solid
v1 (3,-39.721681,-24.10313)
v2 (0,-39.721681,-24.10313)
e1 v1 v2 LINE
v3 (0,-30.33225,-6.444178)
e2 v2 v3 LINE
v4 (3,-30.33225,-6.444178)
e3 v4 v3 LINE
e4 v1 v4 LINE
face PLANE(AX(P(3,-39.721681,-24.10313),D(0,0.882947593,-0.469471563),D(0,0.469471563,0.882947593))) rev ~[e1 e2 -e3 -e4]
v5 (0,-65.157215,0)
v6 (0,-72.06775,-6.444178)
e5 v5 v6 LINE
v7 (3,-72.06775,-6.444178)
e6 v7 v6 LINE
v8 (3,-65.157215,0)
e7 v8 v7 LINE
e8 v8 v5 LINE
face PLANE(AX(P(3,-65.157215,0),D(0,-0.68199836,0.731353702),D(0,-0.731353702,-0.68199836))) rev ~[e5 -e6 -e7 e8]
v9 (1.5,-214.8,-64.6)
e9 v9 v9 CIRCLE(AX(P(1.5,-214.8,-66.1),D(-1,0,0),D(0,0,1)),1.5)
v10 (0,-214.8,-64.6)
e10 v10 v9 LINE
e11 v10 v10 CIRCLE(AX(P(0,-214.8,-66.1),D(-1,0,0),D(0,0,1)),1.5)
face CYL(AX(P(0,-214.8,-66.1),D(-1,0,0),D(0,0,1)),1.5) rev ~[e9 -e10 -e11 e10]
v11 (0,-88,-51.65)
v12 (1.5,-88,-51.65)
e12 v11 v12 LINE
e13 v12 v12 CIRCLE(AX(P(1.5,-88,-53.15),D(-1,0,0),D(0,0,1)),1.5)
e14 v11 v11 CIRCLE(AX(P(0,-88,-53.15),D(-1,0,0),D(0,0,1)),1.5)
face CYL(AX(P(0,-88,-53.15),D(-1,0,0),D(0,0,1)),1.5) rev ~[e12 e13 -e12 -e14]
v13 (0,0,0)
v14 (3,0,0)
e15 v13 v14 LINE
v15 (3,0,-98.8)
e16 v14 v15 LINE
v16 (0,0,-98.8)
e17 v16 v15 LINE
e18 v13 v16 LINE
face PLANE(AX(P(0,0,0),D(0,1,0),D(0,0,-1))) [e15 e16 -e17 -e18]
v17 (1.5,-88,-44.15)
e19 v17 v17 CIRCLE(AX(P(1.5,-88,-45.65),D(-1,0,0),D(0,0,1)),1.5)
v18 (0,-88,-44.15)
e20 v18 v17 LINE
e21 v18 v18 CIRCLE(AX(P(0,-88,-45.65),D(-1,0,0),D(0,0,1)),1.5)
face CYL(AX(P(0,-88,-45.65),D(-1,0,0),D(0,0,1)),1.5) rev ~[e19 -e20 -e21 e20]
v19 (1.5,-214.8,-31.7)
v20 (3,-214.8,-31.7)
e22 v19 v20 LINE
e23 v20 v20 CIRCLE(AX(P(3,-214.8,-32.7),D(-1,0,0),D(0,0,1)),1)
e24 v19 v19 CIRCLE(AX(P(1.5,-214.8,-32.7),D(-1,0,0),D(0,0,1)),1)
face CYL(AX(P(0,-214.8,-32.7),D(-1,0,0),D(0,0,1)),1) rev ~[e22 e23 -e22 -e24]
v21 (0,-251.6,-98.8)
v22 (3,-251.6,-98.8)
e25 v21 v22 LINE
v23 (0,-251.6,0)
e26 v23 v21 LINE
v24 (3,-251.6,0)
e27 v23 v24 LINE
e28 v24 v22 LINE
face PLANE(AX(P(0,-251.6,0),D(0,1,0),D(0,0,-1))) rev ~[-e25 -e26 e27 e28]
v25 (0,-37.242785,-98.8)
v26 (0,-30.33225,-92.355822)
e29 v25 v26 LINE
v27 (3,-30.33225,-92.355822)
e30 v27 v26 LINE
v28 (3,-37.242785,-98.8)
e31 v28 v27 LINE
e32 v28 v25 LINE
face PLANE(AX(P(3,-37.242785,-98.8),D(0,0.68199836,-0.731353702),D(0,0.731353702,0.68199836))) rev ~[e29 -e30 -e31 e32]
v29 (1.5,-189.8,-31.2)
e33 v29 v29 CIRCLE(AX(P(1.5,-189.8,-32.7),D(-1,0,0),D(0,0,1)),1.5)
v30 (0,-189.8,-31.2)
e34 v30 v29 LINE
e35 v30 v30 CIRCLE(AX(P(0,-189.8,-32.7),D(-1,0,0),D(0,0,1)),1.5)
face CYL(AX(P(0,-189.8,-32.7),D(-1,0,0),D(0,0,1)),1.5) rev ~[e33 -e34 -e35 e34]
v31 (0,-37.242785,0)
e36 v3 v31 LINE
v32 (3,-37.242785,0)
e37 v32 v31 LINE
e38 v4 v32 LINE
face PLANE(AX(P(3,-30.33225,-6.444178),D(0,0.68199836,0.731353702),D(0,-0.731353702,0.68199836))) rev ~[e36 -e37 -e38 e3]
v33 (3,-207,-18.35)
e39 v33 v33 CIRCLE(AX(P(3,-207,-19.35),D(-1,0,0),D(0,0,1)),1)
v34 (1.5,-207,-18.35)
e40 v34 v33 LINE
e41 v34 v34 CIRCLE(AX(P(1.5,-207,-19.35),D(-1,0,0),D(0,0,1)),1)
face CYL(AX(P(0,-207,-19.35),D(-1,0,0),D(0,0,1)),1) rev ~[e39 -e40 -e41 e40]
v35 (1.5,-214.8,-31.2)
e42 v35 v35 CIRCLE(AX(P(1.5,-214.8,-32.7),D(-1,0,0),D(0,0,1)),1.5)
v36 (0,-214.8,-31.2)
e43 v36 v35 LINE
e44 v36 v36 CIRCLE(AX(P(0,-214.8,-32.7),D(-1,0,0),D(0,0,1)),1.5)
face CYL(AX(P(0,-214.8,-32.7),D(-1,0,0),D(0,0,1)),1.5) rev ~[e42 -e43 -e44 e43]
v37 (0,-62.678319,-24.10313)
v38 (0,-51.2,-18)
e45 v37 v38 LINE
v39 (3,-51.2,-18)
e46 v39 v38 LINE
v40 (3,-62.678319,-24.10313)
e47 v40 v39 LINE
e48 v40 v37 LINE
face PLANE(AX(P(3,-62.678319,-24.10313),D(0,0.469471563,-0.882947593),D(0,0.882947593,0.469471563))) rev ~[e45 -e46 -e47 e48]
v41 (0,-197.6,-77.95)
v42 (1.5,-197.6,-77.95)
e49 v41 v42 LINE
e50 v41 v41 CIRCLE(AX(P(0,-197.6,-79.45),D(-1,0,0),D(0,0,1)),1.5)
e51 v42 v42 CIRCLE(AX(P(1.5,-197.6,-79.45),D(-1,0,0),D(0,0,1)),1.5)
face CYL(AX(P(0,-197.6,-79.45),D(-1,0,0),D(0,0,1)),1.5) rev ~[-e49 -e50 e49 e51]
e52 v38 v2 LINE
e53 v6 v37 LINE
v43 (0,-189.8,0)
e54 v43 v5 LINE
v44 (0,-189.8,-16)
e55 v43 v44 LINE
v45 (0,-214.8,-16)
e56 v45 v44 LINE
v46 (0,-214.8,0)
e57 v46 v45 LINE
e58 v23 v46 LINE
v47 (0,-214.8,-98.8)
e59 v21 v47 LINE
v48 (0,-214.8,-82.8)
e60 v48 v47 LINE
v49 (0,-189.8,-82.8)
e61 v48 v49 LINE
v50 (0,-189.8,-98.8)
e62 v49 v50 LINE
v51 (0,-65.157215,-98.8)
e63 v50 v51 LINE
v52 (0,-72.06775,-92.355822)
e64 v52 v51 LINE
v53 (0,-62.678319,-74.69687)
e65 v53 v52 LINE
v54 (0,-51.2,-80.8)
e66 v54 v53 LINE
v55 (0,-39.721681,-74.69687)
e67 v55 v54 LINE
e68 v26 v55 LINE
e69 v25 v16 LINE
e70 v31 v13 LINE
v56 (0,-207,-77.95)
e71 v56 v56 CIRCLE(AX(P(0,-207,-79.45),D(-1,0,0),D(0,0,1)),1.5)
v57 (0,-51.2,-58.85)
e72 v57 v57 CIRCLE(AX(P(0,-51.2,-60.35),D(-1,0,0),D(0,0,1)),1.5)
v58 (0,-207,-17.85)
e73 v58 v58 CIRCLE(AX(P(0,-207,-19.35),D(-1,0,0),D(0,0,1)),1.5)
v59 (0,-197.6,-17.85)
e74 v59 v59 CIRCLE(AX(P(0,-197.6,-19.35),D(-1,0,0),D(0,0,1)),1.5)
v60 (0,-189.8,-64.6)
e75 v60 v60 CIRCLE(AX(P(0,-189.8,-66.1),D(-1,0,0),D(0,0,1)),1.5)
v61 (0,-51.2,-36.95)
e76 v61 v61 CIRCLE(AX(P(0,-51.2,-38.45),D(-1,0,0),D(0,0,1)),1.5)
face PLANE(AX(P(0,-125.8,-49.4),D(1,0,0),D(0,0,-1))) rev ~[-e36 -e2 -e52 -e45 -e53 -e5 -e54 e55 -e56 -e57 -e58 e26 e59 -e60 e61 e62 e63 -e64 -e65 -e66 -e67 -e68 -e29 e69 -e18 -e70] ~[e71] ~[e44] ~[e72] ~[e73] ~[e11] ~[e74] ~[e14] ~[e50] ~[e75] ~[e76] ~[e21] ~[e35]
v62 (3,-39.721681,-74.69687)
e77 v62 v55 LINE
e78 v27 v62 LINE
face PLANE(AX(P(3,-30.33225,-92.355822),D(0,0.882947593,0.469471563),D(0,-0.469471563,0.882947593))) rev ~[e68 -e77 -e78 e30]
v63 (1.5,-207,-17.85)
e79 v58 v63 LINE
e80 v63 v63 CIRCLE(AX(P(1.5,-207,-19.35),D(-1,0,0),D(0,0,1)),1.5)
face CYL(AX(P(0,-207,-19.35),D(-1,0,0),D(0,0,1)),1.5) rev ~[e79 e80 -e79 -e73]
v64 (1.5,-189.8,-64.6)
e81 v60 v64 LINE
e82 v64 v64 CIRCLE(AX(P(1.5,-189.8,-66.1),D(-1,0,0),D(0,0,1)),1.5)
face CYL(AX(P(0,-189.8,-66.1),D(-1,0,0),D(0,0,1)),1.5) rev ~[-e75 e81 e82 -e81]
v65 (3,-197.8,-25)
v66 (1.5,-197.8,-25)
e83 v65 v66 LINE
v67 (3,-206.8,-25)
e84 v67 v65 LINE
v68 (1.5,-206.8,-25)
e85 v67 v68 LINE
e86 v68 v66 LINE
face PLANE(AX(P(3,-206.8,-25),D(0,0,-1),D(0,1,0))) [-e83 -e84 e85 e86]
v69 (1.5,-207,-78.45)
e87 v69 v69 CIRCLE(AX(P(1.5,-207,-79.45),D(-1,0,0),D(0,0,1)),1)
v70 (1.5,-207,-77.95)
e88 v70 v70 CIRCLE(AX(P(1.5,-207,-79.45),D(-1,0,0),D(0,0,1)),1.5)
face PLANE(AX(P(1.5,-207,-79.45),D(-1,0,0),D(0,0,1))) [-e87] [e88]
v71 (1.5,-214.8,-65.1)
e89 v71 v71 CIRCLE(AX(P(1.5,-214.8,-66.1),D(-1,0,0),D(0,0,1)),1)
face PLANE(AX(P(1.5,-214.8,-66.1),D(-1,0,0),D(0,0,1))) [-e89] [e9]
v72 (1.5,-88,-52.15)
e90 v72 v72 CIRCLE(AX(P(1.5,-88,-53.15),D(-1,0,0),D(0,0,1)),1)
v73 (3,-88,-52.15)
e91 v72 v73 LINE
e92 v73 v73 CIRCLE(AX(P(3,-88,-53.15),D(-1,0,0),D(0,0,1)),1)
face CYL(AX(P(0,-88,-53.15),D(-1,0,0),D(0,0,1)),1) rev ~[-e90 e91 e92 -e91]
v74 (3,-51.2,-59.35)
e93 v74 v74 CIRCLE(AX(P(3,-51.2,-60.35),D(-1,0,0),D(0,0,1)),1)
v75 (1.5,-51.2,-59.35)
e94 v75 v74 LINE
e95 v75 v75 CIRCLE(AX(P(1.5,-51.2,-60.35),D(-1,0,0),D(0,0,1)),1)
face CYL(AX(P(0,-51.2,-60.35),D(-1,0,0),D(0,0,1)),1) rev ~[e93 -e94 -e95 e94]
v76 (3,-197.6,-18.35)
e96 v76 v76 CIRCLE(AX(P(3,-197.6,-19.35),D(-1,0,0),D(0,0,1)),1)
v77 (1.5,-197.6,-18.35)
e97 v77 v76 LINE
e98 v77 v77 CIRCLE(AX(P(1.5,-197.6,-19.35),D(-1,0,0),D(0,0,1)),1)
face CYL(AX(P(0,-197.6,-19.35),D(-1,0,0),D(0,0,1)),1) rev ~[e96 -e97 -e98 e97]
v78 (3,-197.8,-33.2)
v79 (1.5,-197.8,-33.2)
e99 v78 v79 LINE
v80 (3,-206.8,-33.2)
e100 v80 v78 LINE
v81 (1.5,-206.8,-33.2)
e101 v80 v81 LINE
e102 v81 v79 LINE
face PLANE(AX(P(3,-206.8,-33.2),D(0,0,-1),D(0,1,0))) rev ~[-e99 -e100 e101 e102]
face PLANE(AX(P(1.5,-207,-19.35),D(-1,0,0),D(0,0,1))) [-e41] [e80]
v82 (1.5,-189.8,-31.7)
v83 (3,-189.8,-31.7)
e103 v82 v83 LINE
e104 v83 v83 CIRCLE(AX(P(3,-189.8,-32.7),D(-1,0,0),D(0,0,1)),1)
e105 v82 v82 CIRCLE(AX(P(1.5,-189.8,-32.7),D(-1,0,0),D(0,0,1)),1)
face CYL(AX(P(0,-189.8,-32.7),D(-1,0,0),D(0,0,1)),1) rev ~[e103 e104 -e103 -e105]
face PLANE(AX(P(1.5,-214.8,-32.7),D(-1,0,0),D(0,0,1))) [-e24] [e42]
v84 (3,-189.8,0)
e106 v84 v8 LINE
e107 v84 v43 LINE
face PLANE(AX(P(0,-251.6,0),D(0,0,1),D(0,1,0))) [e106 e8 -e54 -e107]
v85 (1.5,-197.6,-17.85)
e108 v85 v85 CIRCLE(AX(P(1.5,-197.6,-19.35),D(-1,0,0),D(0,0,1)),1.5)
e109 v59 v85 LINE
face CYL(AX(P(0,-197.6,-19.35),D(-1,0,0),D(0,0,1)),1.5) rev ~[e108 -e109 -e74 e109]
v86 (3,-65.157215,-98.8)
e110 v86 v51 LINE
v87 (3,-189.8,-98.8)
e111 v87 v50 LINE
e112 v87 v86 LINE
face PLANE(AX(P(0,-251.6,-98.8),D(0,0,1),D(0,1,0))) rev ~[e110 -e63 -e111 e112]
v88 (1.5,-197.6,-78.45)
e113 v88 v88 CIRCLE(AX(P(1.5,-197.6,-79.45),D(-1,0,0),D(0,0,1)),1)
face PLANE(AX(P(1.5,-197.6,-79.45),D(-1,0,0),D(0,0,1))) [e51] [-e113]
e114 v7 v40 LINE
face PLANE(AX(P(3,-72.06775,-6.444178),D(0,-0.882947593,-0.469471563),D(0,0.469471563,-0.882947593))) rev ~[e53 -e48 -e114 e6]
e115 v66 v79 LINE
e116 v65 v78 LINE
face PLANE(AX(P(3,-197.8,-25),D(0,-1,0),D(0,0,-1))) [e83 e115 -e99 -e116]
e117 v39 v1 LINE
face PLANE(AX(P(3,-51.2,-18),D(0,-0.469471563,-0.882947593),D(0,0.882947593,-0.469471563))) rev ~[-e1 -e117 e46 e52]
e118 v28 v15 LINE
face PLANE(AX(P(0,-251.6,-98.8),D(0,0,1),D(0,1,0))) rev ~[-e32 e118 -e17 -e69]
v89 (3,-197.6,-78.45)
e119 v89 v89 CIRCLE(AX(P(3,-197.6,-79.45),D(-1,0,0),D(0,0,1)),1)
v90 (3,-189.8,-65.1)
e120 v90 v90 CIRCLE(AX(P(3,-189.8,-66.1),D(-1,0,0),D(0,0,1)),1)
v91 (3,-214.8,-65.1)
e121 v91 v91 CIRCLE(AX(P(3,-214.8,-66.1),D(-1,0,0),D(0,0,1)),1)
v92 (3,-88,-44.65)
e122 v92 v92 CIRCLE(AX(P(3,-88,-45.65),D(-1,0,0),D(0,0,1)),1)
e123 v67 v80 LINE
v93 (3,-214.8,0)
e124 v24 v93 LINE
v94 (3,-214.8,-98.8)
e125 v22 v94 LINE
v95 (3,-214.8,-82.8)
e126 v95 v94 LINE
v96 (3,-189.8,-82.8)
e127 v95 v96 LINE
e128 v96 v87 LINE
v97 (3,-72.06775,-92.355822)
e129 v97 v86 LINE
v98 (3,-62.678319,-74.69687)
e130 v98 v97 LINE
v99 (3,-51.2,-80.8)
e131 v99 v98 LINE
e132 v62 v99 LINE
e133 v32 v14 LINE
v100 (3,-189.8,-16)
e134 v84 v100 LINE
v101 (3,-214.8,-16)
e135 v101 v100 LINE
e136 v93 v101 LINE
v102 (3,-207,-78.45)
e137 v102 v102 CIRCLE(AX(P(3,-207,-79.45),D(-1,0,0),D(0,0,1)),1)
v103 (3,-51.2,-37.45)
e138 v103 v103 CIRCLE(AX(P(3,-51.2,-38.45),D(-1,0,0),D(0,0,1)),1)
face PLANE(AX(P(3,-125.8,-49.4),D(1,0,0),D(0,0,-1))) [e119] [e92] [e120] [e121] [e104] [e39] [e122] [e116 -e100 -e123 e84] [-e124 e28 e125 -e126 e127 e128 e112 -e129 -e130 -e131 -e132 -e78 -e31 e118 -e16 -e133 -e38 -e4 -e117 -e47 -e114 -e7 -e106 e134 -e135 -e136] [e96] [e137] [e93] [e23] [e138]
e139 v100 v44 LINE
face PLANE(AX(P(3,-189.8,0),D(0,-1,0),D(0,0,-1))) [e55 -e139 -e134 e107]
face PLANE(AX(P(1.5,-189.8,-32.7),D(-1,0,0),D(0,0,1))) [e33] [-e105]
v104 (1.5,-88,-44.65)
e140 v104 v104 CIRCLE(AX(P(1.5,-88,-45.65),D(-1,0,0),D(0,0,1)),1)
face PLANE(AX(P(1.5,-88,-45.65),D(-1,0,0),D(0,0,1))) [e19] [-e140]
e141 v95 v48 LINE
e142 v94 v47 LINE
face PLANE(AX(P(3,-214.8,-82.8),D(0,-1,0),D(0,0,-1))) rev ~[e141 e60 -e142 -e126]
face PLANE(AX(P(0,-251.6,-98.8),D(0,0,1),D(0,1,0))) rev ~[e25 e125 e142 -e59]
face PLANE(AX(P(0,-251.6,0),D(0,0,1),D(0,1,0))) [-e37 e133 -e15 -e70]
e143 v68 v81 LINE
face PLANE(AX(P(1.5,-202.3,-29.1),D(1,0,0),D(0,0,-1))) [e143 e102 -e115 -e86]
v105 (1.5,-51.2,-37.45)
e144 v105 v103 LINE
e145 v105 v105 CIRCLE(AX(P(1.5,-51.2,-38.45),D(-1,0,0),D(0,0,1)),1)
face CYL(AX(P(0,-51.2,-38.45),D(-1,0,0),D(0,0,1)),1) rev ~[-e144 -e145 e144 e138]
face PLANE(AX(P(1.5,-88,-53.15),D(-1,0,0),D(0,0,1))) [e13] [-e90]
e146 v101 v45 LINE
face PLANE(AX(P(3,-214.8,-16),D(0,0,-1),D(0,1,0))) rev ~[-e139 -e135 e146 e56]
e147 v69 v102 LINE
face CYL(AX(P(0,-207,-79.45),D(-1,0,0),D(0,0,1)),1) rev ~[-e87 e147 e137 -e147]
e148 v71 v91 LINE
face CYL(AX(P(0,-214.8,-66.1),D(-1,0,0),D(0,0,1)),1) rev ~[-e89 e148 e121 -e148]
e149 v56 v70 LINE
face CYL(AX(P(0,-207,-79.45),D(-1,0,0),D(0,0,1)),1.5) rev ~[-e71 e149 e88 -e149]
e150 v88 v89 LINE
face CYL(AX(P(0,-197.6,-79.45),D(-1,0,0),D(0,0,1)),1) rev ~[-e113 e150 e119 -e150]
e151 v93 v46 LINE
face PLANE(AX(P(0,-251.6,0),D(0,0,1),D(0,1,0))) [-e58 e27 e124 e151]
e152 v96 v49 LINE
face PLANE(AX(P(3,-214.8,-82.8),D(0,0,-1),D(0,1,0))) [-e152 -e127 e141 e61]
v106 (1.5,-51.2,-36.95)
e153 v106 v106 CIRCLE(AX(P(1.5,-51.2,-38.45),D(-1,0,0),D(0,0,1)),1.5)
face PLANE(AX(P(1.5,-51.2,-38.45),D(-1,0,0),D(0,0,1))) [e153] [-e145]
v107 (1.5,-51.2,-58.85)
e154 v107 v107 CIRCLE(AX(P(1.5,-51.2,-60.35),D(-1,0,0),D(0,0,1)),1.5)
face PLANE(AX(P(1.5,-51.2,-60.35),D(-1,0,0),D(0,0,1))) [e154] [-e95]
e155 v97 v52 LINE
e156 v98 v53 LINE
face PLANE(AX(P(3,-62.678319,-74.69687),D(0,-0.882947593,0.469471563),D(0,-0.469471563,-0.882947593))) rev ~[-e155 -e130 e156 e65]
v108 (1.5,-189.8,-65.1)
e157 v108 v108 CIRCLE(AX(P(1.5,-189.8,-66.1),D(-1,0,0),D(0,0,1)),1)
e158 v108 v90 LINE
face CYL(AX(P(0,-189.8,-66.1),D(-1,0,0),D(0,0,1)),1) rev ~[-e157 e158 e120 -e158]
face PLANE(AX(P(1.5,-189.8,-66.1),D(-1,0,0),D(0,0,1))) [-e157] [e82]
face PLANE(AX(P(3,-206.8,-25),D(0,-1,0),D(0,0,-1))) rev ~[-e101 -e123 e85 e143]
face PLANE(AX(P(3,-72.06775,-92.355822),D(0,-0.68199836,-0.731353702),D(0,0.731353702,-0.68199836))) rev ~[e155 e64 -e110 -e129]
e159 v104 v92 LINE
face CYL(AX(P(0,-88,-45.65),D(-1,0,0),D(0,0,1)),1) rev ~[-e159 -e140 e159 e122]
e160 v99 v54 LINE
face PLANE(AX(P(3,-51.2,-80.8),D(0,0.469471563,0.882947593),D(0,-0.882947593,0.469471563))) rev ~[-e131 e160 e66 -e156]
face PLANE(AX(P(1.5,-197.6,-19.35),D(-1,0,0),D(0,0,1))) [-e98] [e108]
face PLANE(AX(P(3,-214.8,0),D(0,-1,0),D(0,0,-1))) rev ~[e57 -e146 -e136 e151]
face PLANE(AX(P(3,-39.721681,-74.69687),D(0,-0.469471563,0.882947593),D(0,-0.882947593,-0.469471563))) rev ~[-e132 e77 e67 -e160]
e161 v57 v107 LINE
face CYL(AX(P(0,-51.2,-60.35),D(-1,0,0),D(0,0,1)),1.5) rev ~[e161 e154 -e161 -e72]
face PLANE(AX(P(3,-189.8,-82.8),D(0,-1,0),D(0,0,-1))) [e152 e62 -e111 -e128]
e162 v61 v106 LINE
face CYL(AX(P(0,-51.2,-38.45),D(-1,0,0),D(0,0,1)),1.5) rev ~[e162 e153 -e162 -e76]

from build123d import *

# Parameters (mm, degrees)
SKETCH_1_W           = 98.8
SKETCH_1_H           = 251.6
EXTRUDE_1_DEPTH      = 3
SKETCH_2_W           = 16
SKETCH_2_H           = 25
CUT_EXTRUDE_1_DEPTH  = 271.320180527
CUT_EXTRUDE_2_DEPTH  = 271.320180527
SKETCH_5_R           = 1
CUT_EXTRUDE_3_DEPTH  = 271.320180527
SKETCH_5_3_R         = 1.5
SKETCH_5_3_R_2       = 1
CUT_EXTRUDE_4_DEPTH  = 1.5
SKETCH_6_R           = 1.5
SKETCH_6_R_2         = 1
CUT_EXTRUDE_7_DEPTH  = 1.5
SKETCH_6_2_R         = 1
CUT_EXTRUDE_8_DEPTH  = 271.320180527
SKETCH_7_W           = 8.2
SKETCH_7_H           = 9
CUT_EXTRUDE_9_DEPTH  = 1.5
SKETCH_8_R           = 1
CUT_EXTRUDE_10_DEPTH = 271.320180527
SKETCH_8_3_R         = 1.5
SKETCH_8_3_R_2       = 1
CUT_EXTRUDE_11_DEPTH = 1.5
SKETCH_9_R           = 1
CUT_EXTRUDE_12_DEPTH = 271.320180527
SKETCH_9_3_R         = 1.5
SKETCH_9_3_R_2       = 1
CUT_EXTRUDE_13_DEPTH = 1.5


with BuildPart() as part:
    # 草图1 → 凸台-拉伸1 (new body)
    with BuildSketch(Plane(origin=(0, 0, 0), x_dir=(0, 0, -1), z_dir=(1, 0, 0))):
        with Locations((49.4, -125.8)):
            Rectangle(SKETCH_1_W, SKETCH_1_H)
    extrude(amount=EXTRUDE_1_DEPTH)

    # 草图2 → 切除-拉伸1 (cut, through all)
    with BuildSketch(Plane(origin=(3, 0, 0), x_dir=(0, 0, -1), z_dir=(1, 0, 0))):
        with Locations((8, -51.2)):
            Rectangle(SKETCH_2_W, SKETCH_2_H)
        with Locations((90.8, -51.2)):
            Rectangle(SKETCH_2_W, SKETCH_2_H)
        with Locations((8, -202.3)):
            Rectangle(SKETCH_2_W, SKETCH_2_H)
        with Locations((90.8, -202.3)):
            Rectangle(SKETCH_2_W, SKETCH_2_H)
    extrude(amount=-CUT_EXTRUDE_1_DEPTH, mode=Mode.SUBTRACT)

    # 草图4 → 切除-拉伸2 (cut, through all)
    with BuildSketch(Plane(origin=(3, 0, 0), x_dir=(0, 0, -1), z_dir=(1, 0, 0))):
        Polygon((24.103130316, -62.678318707), (18, -51.2), (24.103130316, -39.721681293), (6.444178459, -30.332250037), (0, -37.242785378), (0, -38.7), (16, -38.7), (16, -63.7), (0, -63.7), (0, -65.157214622), (6.444178459, -72.067749963), align=None)
        Polygon((74.696869684, -39.721681293), (80.8, -51.2), (74.696869684, -62.678318707), (92.355821541, -72.067749963), (98.8, -65.157214622), (98.8, -63.7), (82.8, -63.7), (82.8, -38.7), (98.8, -38.7), (98.8, -37.242785378), (92.355821541, -30.332250037), align=None)
    extrude(amount=-CUT_EXTRUDE_2_DEPTH, mode=Mode.SUBTRACT)

    # 草图5 → 切除-拉伸3 (cut, through all)
    with BuildSketch(Plane.ZY):
        with Locations((-38.45, -51.2)):
            Circle(SKETCH_5_R)
        with Locations((-60.35, -51.2)):
            Circle(SKETCH_5_R)
    extrude(amount=-CUT_EXTRUDE_3_DEPTH, mode=Mode.SUBTRACT)

    # 草图5<3> → 切除-拉伸4 (cut)
    # profile 1 of 2: a face of its own
    with BuildSketch(Plane.ZY):
        with Locations((-38.45, -51.2)):
            Circle(SKETCH_5_3_R)
        with Locations((-38.45, -51.2)):
            Circle(SKETCH_5_3_R_2, mode=Mode.SUBTRACT)
    # profile 2 of 2: a face of its own
    with BuildSketch(Plane.ZY):
        with Locations((-60.35, -51.2)):
            Circle(SKETCH_5_3_R)
        with Locations((-60.35, -51.2)):
            Circle(SKETCH_5_3_R_2, mode=Mode.SUBTRACT)
    extrude(amount=-CUT_EXTRUDE_4_DEPTH, mode=Mode.SUBTRACT)

    # 草图6 → 切除-拉伸7 (cut)
    # profile 1 of 2: a face of its own
    with BuildSketch(Plane.ZY):
        with Locations((-45.65, -88)):
            Circle(SKETCH_6_R)
        with Locations((-45.65, -88)):
            Circle(SKETCH_6_R_2, mode=Mode.SUBTRACT)
    # profile 2 of 2: a face of its own
    with BuildSketch(Plane.ZY):
        with Locations((-53.15, -88)):
            Circle(SKETCH_6_R)
        with Locations((-53.15, -88)):
            Circle(SKETCH_6_R_2, mode=Mode.SUBTRACT)
    extrude(amount=-CUT_EXTRUDE_7_DEPTH, mode=Mode.SUBTRACT)

    # 草图6<2> → 切除-拉伸8 (cut, through all)
    with BuildSketch(Plane.ZY):
        with Locations((-45.65, -88)):
            Circle(SKETCH_6_2_R)
        with Locations((-53.15, -88)):
            Circle(SKETCH_6_2_R)
    extrude(amount=-CUT_EXTRUDE_8_DEPTH, mode=Mode.SUBTRACT)

    # 草图7 → 切除-拉伸9 (cut)
    with BuildSketch(Plane(origin=(3, 0, 0), x_dir=(0, 0, -1), z_dir=(1, 0, 0))):
        with Locations((29.1, -202.3)):
            Rectangle(SKETCH_7_W, SKETCH_7_H)
    extrude(amount=-CUT_EXTRUDE_9_DEPTH, mode=Mode.SUBTRACT)

    # 草图8 → 切除-拉伸10 (cut, through all)
    with BuildSketch(Plane.ZY):
        with Locations((-79.45, -197.6)):
            Circle(SKETCH_8_R)
        with Locations((-79.45, -207)):
            Circle(SKETCH_8_R)
        with Locations((-19.35, -207)):
            Circle(SKETCH_8_R)
        with Locations((-19.35, -197.6)):
            Circle(SKETCH_8_R)
    extrude(amount=-CUT_EXTRUDE_10_DEPTH, mode=Mode.SUBTRACT)

    # 草图8<3> → 切除-拉伸11 (cut)
    # profile 1 of 4: a face of its own
    with BuildSketch(Plane.ZY):
        with Locations((-79.45, -197.6)):
            Circle(SKETCH_8_3_R)
        with Locations((-79.45, -197.6)):
            Circle(SKETCH_8_3_R_2, mode=Mode.SUBTRACT)
    # profile 2 of 4: a face of its own
    with BuildSketch(Plane.ZY):
        with Locations((-79.45, -207)):
            Circle(SKETCH_8_3_R)
        with Locations((-79.45, -207)):
            Circle(SKETCH_8_3_R_2, mode=Mode.SUBTRACT)
    # profile 3 of 4: a face of its own
    with BuildSketch(Plane.ZY):
        with Locations((-19.35, -207)):
            Circle(SKETCH_8_3_R)
        with Locations((-19.35, -207)):
            Circle(SKETCH_8_3_R_2, mode=Mode.SUBTRACT)
    # profile 4 of 4: a face of its own
    with BuildSketch(Plane.ZY):
        with Locations((-19.35, -197.6)):
            Circle(SKETCH_8_3_R)
        with Locations((-19.35, -197.6)):
            Circle(SKETCH_8_3_R_2, mode=Mode.SUBTRACT)
    extrude(amount=-CUT_EXTRUDE_11_DEPTH, mode=Mode.SUBTRACT)

    # 草图9 → 切除-拉伸12 (cut, through all)
    with BuildSketch(Plane.ZY):
        with Locations((-66.1, -189.8)):
            Circle(SKETCH_9_R)
        with Locations((-32.7, -189.8)):
            Circle(SKETCH_9_R)
        with Locations((-66.1, -214.8)):
            Circle(SKETCH_9_R)
        with Locations((-32.7, -214.8)):
            Circle(SKETCH_9_R)
    extrude(amount=-CUT_EXTRUDE_12_DEPTH, mode=Mode.SUBTRACT)

    # 草图9<3> → 切除-拉伸13 (cut)
    # profile 1 of 4: a face of its own
    with BuildSketch(Plane.ZY):
        with Locations((-66.1, -189.8)):
            Circle(SKETCH_9_3_R)
        with Locations((-66.1, -189.8)):
            Circle(SKETCH_9_3_R_2, mode=Mode.SUBTRACT)
    # profile 2 of 4: a face of its own
    with BuildSketch(Plane.ZY):
        with Locations((-32.7, -189.8)):
            Circle(SKETCH_9_3_R)
        with Locations((-32.7, -189.8)):
            Circle(SKETCH_9_3_R_2, mode=Mode.SUBTRACT)
    # profile 3 of 4: a face of its own
    with BuildSketch(Plane.ZY):
        with Locations((-66.1, -214.8)):
            Circle(SKETCH_9_3_R)
        with Locations((-66.1, -214.8)):
            Circle(SKETCH_9_3_R_2, mode=Mode.SUBTRACT)
    # profile 4 of 4: a face of its own
    with BuildSketch(Plane.ZY):
        with Locations((-32.7, -214.8)):
            Circle(SKETCH_9_3_R)
        with Locations((-32.7, -214.8)):
            Circle(SKETCH_9_3_R_2, mode=Mode.SUBTRACT)
    extrude(amount=-CUT_EXTRUDE_13_DEPTH, mode=Mode.SUBTRACT)


solid = part.part
